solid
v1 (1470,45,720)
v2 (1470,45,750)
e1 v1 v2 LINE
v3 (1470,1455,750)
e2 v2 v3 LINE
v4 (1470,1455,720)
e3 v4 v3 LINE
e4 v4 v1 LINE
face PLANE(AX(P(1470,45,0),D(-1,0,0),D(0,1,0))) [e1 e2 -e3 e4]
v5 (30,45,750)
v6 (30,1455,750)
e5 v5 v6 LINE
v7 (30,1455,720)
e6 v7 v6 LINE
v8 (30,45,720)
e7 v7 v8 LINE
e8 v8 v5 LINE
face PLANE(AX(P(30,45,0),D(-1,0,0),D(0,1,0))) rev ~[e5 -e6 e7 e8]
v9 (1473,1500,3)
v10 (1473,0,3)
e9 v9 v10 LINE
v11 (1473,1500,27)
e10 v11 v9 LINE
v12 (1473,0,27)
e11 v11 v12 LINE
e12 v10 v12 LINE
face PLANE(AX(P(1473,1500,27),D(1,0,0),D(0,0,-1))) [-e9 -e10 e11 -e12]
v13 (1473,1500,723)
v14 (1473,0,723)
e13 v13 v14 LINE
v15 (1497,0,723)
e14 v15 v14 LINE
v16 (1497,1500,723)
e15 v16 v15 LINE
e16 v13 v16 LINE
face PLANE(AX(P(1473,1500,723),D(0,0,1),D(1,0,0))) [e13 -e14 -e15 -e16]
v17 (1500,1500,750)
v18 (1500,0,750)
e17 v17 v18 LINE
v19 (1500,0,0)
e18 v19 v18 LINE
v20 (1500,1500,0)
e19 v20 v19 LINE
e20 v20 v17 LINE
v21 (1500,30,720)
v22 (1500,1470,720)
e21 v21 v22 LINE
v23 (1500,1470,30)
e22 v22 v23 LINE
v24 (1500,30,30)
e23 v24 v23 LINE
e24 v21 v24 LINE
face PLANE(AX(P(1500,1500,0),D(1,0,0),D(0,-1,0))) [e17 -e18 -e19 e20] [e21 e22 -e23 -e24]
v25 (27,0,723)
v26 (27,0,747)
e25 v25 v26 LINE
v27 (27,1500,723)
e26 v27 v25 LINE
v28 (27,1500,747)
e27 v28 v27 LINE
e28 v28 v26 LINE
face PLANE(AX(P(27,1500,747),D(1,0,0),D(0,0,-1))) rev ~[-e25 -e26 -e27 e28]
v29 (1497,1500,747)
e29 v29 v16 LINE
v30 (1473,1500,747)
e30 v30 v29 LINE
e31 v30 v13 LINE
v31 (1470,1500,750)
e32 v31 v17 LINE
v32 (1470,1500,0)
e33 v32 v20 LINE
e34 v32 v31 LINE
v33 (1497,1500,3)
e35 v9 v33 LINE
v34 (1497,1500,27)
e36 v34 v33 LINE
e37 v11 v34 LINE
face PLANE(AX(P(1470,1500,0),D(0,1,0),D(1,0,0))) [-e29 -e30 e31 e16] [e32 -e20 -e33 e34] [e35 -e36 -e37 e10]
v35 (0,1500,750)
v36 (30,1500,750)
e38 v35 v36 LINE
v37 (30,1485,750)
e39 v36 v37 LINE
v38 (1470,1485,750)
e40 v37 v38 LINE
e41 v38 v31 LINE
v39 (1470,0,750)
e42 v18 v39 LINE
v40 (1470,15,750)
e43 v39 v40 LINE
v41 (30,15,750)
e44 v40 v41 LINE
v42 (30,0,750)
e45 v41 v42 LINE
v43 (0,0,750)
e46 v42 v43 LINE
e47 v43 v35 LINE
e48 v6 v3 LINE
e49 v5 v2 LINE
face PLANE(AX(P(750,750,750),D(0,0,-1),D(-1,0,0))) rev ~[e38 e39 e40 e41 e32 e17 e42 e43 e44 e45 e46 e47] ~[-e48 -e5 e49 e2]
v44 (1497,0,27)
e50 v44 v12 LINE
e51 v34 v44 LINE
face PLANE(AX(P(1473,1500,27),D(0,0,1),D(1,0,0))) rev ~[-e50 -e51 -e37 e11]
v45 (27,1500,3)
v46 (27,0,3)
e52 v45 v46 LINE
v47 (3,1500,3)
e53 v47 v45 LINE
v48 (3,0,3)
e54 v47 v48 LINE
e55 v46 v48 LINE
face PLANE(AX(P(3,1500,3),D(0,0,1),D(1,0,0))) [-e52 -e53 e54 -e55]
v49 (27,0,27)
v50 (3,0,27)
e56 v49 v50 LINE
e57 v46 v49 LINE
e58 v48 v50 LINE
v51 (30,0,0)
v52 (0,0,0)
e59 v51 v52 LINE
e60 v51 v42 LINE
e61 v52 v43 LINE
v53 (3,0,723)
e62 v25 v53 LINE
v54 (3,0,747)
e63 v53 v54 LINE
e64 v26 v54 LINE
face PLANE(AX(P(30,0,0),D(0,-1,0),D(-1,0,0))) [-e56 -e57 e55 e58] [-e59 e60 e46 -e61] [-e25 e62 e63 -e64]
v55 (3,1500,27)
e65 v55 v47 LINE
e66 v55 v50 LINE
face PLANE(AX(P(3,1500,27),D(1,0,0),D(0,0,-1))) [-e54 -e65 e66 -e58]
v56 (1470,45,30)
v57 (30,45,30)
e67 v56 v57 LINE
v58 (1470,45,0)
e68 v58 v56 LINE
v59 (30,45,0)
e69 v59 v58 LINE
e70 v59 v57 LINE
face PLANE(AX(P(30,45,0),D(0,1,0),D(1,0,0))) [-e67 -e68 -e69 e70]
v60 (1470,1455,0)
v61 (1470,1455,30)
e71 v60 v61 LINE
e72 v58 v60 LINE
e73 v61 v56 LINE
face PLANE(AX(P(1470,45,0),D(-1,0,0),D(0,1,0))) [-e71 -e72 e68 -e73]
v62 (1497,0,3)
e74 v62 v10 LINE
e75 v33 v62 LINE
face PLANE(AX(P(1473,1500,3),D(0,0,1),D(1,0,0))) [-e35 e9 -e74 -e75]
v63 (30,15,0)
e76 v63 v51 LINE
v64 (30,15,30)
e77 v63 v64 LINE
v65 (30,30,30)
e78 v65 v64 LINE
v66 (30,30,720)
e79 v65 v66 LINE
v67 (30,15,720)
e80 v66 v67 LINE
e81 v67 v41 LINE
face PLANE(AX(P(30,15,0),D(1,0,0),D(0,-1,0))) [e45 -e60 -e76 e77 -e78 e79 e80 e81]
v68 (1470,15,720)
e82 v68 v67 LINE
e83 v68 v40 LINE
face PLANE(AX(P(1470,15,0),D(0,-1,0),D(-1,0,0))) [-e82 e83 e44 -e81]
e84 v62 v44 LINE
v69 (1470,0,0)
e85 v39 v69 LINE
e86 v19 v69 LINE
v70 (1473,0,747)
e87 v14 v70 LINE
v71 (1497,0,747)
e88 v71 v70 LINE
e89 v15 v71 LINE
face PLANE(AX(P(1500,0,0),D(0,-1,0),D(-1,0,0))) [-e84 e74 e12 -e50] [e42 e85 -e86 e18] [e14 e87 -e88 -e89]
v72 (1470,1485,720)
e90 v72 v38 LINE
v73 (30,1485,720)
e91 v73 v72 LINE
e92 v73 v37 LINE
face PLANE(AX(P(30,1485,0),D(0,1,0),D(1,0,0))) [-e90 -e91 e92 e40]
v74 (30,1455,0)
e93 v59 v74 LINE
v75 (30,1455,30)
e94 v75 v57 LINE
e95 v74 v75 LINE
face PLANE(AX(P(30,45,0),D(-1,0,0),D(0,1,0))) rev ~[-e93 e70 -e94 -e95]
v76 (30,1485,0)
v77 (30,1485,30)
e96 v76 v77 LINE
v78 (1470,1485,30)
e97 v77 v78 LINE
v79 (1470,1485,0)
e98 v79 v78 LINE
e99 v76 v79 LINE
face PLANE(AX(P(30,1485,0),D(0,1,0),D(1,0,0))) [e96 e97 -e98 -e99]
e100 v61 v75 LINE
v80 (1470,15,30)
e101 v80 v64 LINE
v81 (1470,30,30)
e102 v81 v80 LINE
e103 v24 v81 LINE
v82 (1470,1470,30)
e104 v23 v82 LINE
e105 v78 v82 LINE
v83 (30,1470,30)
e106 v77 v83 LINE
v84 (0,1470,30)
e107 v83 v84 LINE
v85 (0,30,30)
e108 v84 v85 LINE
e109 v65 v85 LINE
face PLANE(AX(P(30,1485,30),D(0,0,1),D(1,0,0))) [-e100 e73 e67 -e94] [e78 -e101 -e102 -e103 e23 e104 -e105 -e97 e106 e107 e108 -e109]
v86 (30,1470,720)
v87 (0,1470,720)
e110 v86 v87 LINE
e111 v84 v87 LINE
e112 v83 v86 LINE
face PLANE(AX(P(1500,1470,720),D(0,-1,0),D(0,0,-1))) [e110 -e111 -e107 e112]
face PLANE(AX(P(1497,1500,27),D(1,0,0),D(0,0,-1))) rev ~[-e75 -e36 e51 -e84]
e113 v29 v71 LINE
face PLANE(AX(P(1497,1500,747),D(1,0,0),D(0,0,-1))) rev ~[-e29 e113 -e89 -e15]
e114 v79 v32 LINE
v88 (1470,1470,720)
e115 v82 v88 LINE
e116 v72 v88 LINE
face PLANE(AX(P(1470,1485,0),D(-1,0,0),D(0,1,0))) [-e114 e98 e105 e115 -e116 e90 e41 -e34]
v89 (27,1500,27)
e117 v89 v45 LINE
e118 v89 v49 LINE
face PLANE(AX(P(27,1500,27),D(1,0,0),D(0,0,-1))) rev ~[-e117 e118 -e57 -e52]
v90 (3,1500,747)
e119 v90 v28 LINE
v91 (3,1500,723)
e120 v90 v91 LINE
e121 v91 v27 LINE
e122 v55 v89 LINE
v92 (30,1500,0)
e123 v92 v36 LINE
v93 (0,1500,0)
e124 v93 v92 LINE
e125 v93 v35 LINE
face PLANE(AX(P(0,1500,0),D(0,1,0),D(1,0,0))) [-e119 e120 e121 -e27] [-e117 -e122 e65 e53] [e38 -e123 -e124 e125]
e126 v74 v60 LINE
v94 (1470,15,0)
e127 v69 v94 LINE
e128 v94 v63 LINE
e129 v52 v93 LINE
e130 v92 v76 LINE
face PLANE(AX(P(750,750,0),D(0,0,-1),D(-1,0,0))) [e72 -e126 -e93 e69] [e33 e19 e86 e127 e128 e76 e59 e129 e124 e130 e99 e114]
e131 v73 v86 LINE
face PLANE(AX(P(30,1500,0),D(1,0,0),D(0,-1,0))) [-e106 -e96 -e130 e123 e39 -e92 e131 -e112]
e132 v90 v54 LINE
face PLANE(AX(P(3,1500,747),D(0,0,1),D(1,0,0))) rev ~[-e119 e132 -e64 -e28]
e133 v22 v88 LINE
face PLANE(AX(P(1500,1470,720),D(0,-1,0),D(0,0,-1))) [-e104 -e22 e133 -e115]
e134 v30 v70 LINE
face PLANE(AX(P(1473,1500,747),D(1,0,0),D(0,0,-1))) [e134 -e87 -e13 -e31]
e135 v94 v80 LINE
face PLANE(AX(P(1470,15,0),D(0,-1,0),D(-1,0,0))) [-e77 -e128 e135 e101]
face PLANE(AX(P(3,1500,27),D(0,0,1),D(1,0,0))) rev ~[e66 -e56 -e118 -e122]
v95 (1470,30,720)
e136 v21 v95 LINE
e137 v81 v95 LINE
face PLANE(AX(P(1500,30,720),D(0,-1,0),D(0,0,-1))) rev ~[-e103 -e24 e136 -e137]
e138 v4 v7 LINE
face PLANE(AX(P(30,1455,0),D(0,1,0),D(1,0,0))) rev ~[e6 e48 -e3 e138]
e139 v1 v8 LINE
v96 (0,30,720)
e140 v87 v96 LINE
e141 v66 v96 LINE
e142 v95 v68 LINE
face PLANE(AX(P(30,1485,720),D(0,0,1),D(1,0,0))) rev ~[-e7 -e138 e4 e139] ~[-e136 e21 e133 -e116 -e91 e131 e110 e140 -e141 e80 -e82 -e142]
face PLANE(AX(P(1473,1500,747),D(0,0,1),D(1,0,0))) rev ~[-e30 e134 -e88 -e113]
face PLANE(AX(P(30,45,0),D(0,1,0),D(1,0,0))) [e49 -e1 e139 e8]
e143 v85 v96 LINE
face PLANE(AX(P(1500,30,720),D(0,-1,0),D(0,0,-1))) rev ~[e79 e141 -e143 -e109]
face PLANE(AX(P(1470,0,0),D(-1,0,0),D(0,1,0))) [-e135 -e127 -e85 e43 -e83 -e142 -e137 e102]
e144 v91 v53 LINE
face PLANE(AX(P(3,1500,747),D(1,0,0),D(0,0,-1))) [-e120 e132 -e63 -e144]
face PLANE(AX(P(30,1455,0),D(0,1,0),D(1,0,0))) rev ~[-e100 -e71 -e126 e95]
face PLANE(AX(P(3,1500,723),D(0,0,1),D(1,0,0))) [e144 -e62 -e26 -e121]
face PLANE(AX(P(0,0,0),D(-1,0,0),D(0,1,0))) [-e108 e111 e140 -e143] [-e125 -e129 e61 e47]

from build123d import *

# Parameters (mm, degrees)
SKETCH_1_W          = 1440
SKETCH_1_H          = 1410
EXTRUDE_1_DEPTH     = 750
SKETCH_2_W          = 690
SKETCH_2_H          = 1440
CUT_EXTRUDE_1_DEPTH = 2251
SKETCH_3_W          = 1440
SKETCH_3_H          = 690
CUT_EXTRUDE_2_DEPTH = 2241.027901612
SKETCH_4_W          = 24
SKETCH_4_H          = 24
CUT_EXTRUDE_3_DEPTH = 2251


with BuildPart() as part:
    # Эскиз1 → Бобышка-Вытянуть1 (new body)
    with BuildSketch(Plane.XY):
        Polygon((30, 1500), (30, 1485), (1470, 1485), (1470, 1500), (1500, 1500), (1500, 0), (1470, 0), (1470, 15), (30, 15), (30, 0), (0, 0), (0, 1500), align=None)
        with Locations((750, 750)):
            Rectangle(SKETCH_1_W, SKETCH_1_H, mode=Mode.SUBTRACT)
    extrude(amount=EXTRUDE_1_DEPTH)

    # Эскиз2 → Вырез-Вытянуть1 (cut, through all)
    with BuildSketch(Plane(origin=(1500, 0, 0), x_dir=(0, 0, -1), z_dir=(1, 0, 0))):
        with Locations((-375, 750)):
            Rectangle(SKETCH_2_W, SKETCH_2_H)
    extrude(amount=-CUT_EXTRUDE_1_DEPTH, mode=Mode.SUBTRACT)

    # Эскиз3 → Вырез-Вытянуть2 (cut, through all)
    with BuildSketch(Plane(origin=(0, 1485, 0), x_dir=(1, 0, 0), z_dir=(0, 1, 0))):
        with Locations((750, -375)):
            Rectangle(SKETCH_3_W, SKETCH_3_H)
    extrude(amount=-CUT_EXTRUDE_2_DEPTH, mode=Mode.SUBTRACT)

    # Эскиз4 → Вырез-Вытянуть3 (cut, through all)
    with BuildSketch(Plane(origin=(0, 1500, 0), x_dir=(1, 0, 0), z_dir=(0, 1, 0))):
        with Locations((15, -15)):
            Rectangle(SKETCH_4_W, SKETCH_4_H)
        with Locations((1485, -735)):
            Rectangle(SKETCH_4_W, SKETCH_4_H)
        with Locations((1485, -15)):
            Rectangle(SKETCH_4_W, SKETCH_4_H)
        with Locations((15, -735)):
            Rectangle(SKETCH_4_W, SKETCH_4_H)
    extrude(amount=-CUT_EXTRUDE_3_DEPTH, mode=Mode.SUBTRACT)


solid = part.part
